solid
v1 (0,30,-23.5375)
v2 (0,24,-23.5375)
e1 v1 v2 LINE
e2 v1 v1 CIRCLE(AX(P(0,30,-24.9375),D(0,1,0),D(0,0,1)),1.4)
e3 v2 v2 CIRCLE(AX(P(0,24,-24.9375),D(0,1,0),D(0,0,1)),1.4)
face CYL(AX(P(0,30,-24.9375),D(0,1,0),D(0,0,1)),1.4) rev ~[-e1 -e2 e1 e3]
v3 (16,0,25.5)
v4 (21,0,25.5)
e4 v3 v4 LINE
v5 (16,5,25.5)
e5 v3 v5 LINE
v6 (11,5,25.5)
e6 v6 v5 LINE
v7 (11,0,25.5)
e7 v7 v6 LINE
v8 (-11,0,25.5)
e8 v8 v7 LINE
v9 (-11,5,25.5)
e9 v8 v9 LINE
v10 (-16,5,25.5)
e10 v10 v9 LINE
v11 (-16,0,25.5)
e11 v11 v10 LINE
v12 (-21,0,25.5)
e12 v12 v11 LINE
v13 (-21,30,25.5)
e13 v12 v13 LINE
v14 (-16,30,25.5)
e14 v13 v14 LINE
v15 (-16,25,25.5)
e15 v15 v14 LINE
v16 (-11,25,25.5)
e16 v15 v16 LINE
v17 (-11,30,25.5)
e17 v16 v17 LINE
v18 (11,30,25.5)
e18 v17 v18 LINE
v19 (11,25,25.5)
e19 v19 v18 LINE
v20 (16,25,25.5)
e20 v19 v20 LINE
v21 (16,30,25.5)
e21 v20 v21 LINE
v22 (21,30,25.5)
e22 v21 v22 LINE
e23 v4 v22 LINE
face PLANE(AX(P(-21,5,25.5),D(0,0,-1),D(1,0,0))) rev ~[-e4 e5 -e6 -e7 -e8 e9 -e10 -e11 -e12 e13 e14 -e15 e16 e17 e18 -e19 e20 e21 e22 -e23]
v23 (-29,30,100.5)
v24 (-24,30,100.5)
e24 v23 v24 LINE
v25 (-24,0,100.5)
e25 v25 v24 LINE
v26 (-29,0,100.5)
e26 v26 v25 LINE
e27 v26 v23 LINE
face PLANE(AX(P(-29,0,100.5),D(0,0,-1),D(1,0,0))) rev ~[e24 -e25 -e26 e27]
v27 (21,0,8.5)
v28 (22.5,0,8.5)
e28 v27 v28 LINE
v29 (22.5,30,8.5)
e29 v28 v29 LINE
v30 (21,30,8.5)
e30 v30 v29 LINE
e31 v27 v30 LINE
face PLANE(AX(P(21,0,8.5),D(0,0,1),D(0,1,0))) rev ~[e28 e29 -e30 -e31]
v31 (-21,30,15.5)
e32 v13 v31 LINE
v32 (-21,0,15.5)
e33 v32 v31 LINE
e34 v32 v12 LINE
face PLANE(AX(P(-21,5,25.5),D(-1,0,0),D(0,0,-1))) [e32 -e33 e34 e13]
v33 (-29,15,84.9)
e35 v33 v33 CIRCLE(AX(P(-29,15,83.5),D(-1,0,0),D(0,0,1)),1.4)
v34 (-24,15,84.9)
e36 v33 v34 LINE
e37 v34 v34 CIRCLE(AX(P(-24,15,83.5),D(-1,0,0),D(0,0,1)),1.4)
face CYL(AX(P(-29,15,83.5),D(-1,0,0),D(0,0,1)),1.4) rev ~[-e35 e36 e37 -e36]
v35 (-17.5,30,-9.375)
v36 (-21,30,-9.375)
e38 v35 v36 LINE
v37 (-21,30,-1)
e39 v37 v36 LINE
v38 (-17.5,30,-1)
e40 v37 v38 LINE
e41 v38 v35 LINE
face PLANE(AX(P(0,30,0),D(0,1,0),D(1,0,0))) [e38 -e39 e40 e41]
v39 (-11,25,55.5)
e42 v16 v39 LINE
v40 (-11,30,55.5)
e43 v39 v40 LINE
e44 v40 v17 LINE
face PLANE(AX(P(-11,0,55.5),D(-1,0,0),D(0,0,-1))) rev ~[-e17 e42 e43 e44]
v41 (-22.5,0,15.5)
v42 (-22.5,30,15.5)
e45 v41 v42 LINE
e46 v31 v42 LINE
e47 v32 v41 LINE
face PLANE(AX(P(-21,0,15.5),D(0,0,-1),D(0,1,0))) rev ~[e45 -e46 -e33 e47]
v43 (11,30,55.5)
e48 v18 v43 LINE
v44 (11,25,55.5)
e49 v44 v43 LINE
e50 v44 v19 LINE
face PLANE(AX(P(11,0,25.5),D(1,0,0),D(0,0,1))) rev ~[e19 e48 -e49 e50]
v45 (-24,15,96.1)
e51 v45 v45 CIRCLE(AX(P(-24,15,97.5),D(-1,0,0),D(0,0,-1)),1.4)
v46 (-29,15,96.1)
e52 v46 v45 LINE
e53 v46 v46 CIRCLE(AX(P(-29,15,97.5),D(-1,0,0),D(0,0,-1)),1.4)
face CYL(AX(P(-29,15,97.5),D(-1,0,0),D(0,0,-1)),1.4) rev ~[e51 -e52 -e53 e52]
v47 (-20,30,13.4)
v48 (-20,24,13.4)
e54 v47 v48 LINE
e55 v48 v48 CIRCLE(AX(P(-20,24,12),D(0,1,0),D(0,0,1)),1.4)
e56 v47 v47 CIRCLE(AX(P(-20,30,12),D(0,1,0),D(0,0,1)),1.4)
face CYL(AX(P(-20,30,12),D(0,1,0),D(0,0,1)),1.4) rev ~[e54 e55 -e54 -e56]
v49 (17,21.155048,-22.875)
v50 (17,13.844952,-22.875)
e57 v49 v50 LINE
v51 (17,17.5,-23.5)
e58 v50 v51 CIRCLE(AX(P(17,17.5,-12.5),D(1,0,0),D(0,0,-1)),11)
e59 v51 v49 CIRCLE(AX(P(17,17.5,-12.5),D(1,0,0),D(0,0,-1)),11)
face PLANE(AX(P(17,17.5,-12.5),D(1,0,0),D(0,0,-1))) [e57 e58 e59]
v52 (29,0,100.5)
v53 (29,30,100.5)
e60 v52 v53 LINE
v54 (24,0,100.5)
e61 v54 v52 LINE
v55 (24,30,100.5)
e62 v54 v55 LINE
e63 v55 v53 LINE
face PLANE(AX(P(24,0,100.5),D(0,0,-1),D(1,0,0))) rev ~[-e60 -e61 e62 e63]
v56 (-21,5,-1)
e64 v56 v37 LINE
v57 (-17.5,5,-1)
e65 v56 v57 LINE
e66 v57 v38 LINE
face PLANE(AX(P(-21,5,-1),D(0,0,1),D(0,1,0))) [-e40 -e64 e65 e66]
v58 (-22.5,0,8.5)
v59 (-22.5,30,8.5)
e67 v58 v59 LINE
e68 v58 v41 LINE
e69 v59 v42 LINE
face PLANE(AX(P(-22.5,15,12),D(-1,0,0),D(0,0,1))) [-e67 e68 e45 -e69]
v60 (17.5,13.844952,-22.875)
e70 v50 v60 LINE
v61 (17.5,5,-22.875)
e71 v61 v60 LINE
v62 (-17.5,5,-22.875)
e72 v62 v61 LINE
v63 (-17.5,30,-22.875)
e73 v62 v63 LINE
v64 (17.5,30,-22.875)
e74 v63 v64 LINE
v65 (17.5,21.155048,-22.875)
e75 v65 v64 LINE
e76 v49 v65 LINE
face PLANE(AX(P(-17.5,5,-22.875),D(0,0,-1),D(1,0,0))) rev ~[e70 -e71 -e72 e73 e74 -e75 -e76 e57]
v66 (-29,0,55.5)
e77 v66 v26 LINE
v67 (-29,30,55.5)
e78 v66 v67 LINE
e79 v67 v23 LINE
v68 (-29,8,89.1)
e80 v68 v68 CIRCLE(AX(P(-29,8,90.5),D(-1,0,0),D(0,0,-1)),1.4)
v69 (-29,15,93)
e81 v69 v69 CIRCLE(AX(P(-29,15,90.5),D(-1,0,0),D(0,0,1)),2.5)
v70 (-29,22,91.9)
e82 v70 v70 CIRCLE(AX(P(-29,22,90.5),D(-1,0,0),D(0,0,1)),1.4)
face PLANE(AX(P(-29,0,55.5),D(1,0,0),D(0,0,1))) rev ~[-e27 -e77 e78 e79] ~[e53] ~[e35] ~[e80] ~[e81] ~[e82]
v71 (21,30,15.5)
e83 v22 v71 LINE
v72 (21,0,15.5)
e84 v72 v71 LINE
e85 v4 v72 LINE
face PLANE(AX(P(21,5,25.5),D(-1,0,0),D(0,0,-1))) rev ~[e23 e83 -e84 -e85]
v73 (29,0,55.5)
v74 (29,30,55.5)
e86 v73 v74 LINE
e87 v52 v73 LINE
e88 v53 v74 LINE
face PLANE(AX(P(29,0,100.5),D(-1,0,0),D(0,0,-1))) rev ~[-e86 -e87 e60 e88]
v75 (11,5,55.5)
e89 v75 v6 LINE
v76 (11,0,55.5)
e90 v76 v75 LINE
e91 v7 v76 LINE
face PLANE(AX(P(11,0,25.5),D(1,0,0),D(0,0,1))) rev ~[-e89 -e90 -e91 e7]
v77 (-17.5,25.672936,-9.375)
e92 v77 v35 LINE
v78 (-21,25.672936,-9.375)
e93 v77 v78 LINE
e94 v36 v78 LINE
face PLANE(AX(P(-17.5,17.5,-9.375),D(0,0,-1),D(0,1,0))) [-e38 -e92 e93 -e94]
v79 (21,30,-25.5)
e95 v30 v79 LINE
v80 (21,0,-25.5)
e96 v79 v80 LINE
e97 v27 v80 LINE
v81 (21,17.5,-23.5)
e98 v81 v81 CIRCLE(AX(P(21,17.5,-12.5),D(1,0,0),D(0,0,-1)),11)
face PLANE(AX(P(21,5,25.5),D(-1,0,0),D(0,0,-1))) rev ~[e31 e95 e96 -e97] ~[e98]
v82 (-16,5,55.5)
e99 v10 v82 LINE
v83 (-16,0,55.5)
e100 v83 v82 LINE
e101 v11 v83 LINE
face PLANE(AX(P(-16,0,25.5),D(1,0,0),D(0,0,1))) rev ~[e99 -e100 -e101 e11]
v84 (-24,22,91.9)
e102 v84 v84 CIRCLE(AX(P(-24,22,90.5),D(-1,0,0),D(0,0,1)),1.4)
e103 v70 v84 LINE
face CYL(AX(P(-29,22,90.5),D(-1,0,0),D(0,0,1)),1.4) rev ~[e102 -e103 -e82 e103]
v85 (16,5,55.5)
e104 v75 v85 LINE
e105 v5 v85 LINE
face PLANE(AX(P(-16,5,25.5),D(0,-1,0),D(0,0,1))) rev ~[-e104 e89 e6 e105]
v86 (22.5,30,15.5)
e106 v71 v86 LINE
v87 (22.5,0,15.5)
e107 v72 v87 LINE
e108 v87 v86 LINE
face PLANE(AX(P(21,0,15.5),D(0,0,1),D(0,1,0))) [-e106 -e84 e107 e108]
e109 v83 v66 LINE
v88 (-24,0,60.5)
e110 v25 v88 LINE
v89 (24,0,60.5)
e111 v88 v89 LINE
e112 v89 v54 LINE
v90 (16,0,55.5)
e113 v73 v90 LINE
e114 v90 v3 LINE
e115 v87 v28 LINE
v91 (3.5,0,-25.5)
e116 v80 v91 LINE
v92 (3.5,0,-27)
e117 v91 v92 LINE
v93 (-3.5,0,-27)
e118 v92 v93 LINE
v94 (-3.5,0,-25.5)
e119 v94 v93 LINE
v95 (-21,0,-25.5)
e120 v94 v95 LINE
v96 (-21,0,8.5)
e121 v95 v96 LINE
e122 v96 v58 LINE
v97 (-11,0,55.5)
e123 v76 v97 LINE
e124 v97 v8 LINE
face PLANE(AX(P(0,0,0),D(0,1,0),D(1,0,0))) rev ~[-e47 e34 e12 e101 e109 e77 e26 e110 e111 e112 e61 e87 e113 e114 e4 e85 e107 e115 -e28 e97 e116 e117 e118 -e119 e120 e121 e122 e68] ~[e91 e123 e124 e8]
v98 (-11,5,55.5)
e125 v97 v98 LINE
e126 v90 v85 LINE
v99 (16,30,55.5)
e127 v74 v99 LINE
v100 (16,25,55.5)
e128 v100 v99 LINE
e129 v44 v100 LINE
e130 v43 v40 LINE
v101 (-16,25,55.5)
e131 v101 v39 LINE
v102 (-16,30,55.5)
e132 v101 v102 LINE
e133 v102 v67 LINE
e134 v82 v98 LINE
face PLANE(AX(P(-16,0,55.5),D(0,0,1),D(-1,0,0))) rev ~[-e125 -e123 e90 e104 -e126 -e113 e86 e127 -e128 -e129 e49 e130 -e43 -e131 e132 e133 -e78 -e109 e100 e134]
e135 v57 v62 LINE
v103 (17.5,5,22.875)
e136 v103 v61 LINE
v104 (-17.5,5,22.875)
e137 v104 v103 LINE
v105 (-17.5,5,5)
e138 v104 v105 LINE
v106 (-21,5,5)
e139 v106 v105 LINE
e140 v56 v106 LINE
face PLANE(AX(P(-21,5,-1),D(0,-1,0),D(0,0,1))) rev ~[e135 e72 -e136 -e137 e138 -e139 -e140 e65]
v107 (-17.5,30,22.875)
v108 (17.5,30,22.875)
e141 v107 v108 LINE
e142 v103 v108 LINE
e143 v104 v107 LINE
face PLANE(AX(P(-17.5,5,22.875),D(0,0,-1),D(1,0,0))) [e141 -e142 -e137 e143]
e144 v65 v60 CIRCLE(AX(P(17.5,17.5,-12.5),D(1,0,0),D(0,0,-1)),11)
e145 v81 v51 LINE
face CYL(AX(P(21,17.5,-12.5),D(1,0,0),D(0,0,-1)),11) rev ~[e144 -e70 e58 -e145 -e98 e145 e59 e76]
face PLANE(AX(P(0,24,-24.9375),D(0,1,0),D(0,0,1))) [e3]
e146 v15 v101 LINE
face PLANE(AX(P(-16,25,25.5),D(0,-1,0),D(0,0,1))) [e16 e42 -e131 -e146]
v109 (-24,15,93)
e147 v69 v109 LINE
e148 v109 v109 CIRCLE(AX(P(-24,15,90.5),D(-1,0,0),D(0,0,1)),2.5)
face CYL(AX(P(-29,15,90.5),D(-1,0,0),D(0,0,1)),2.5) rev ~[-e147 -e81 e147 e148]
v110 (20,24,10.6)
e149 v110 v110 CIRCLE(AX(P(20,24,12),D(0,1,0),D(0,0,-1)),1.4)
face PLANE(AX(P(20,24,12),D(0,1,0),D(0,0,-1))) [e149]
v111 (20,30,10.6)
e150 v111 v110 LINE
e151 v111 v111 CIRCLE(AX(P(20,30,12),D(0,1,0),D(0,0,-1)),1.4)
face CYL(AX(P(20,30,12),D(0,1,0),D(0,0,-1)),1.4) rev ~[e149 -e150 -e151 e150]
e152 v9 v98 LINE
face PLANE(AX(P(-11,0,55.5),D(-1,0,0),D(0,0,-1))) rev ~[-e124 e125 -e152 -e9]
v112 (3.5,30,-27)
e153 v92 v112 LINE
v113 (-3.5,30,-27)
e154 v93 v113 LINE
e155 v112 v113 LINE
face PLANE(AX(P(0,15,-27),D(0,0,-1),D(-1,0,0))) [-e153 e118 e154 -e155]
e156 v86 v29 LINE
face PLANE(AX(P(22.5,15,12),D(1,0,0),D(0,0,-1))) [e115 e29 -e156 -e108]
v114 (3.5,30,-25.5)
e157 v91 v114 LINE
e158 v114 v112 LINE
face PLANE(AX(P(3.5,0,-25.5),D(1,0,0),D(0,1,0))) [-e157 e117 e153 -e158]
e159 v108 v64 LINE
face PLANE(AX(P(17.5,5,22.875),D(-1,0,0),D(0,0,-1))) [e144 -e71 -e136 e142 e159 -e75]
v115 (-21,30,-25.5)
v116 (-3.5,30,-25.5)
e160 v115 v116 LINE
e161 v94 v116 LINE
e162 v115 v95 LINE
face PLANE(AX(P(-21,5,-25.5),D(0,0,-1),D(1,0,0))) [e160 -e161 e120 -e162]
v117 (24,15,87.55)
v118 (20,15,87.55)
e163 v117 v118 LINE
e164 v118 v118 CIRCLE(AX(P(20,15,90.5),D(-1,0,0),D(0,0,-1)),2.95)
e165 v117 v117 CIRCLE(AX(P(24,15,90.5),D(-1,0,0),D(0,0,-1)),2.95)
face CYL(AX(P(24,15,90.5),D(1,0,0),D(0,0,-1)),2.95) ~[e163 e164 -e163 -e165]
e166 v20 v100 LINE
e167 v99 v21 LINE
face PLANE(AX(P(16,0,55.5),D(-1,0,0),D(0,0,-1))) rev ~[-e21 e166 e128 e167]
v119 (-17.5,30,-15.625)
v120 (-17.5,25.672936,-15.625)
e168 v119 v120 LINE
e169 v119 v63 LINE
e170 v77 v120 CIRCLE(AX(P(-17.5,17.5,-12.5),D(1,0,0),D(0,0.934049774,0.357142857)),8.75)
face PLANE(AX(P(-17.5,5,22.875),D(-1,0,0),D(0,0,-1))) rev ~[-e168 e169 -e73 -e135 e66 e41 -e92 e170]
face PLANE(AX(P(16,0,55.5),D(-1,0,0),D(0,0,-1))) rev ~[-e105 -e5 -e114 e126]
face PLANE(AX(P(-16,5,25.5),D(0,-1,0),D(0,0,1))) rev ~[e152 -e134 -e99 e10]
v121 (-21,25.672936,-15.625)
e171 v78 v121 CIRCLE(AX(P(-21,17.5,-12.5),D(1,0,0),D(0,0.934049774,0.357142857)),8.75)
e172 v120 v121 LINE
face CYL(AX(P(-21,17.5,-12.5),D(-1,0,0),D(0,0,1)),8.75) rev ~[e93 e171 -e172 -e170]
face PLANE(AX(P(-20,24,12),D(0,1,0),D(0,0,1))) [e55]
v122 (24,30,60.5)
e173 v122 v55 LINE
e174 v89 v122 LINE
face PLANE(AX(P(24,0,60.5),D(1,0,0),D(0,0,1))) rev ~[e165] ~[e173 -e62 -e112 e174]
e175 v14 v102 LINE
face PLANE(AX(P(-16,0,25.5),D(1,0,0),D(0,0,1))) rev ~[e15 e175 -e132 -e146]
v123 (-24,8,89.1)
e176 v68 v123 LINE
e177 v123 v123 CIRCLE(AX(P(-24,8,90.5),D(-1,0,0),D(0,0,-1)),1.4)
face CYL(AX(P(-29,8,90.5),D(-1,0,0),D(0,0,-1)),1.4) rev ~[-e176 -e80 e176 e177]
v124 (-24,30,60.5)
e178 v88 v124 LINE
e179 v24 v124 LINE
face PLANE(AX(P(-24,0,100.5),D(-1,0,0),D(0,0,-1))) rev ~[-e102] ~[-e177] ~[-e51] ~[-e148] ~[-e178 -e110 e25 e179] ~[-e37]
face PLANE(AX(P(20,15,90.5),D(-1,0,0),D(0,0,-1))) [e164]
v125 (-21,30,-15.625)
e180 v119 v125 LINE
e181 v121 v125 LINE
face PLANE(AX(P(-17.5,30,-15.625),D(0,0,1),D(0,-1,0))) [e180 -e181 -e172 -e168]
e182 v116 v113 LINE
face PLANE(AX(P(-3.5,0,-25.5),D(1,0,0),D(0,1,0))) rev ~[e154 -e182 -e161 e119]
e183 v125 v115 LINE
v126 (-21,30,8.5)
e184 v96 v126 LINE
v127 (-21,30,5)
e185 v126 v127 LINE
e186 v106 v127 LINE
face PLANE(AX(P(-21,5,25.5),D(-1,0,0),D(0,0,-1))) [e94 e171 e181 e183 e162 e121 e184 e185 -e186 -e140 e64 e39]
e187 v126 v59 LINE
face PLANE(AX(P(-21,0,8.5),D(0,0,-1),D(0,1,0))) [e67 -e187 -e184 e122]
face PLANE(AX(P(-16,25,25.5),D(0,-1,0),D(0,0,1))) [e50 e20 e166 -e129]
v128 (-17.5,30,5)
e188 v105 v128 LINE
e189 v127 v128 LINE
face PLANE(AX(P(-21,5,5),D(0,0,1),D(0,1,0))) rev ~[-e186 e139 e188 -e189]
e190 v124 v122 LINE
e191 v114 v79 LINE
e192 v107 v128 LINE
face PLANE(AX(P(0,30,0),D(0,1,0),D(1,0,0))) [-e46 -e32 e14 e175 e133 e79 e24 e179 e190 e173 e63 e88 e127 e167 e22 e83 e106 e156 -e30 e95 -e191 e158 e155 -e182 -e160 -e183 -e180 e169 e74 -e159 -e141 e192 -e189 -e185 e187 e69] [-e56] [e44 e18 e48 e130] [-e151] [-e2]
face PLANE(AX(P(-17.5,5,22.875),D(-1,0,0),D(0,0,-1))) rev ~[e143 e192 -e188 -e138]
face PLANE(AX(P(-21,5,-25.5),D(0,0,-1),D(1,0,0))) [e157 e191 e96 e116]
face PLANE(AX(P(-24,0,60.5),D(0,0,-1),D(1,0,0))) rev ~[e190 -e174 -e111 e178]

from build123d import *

# Parameters (mm, degrees)
BOSS_EXTRUDE1_DEPTH = 5
SKETCH3_W           = 42
SKETCH3_H           = 51
SKETCH3_W_2         = 35
SKETCH3_H_2         = 45.75
BOSS_EXTRUDE3_DEPTH = 25
SKETCH4_R           = 8.75
CUT_EXTRUDE2_DEPTH  = 5
CUT_EXTRUDE3_DEPTH  = 4
SKETCH7_W           = 6
SKETCH7_H           = 25
CUT_EXTRUDE4_DEPTH  = 4
SKETCH9_R           = 11
CUT_EXTRUDE5_DEPTH  = 4
SKETCH16_W          = 7
SKETCH16_H          = 30
BOSS_EXTRUDE5_DEPTH = 1.5
SKETCH17_W          = 7
SKETCH17_H          = 30
BOSS_EXTRUDE6_DEPTH = 1.5
SKETCH19_W          = 7
SKETCH19_H          = 30
BOSS_EXTRUDE7_DEPTH = 1.5
SKETCH18_R          = 1.4
CUT_EXTRUDE7_DEPTH  = 6
SKETCH1_3_W         = 5
SKETCH1_3_H         = 30
SKETCH1_3_H_2       = 40
BOSS_EXTRUDE8_DEPTH = 30
SKETCH21_R          = 2.95
BOSS_EXTRUDE9_DEPTH = 4
SKETCH24_W          = 30
SKETCH24_H          = 20
CUT_EXTRUDE8_DEPTH  = 32
SKETCH25_R          = 2.5
SKETCH25_R_2        = 1.4
CUT_EXTRUDE9_DEPTH  = 5


with BuildPart() as part:
    # Sketch1 → Boss-Extrude1 (new body)
    with BuildSketch(Plane(origin=(0, 0, 0), x_dir=(1, 0, 0), z_dir=(0, 1, 0))):
        Polygon((21, 25.5), (-21, 25.5), (-21, -25.5), (-16, -25.5), (-11, -25.5), (11, -25.5), (16, -25.5), (21, -25.5), align=None)
    extrude(amount=BOSS_EXTRUDE1_DEPTH)

    # Sketch3 → Boss-Extrude3 (add)
    with BuildSketch(Plane(origin=(0, 5, 0), x_dir=(1, 0, 0), z_dir=(0, 1, 0))):
        Rectangle(SKETCH3_W, SKETCH3_H)
        Rectangle(SKETCH3_W_2, SKETCH3_H_2, mode=Mode.SUBTRACT)
    extrude(amount=BOSS_EXTRUDE3_DEPTH)

    # Sketch4 → Cut-Extrude2 (cut)
    with BuildSketch(Plane.ZY.offset(21)):
        with Locations((-12.5, 17.5)):
            Circle(SKETCH4_R)
    extrude(amount=-CUT_EXTRUDE2_DEPTH, mode=Mode.SUBTRACT)

    # Sketch6 → Cut-Extrude3 (cut)
    with BuildSketch(Plane(origin=(-17.5, 0, 0), x_dir=(0, 0, -1), z_dir=(1, 0, 0))):
        with BuildLine():
            Line((9.375, 17.5), (9.375, 30))
            Line((9.375, 30), (15.625, 30))
            Line((15.625, 30), (15.625, 17.5))
            ThreePointArc((15.625, 17.5), (12.5, 14.375), (9.375, 17.5))
        make_face()
    extrude(amount=-CUT_EXTRUDE3_DEPTH, mode=Mode.SUBTRACT)

    # Sketch7 → Cut-Extrude4 (cut)
    with BuildSketch(Plane.ZY.offset(21)):
        with Locations((2, 17.5)):
            Rectangle(SKETCH7_W, SKETCH7_H)
    extrude(amount=-CUT_EXTRUDE4_DEPTH, mode=Mode.SUBTRACT)

    # Sketch9 → Cut-Extrude5 (cut)
    with BuildSketch(Plane(origin=(21, 0, 0), x_dir=(0, 0, -1), z_dir=(1, 0, 0))):
        with Locations((12.5, 17.5)):
            Circle(SKETCH9_R)
    extrude(amount=-CUT_EXTRUDE5_DEPTH, mode=Mode.SUBTRACT)

    # Sketch16 → Boss-Extrude5 (add)
    with BuildSketch(Plane.ZY.offset(21)):
        with Locations((12, 15)):
            Rectangle(SKETCH16_W, SKETCH16_H)
    extrude(amount=BOSS_EXTRUDE5_DEPTH)

    # Sketch17 → Boss-Extrude6 (add)
    with BuildSketch(Plane(origin=(21, 0, 0), x_dir=(0, 0, -1), z_dir=(1, 0, 0))):
        with Locations((-12, 15)):
            Rectangle(SKETCH17_W, SKETCH17_H)
    extrude(amount=BOSS_EXTRUDE6_DEPTH)

    # Sketch19 → Boss-Extrude7 (add)
    with BuildSketch(Plane(origin=(0, 0, -25.5), x_dir=(-1, 0, 0), z_dir=(0, 0, -1))):
        with Locations((0, 15)):
            Rectangle(SKETCH19_W, SKETCH19_H)
    extrude(amount=BOSS_EXTRUDE7_DEPTH)

    # Sketch18 → Cut-Extrude7 (cut)
    with BuildSketch(Plane(origin=(0, 30, 0), x_dir=(1, 0, 0), z_dir=(0, 1, 0))):
        with Locations((-20, -12)):
            Circle(SKETCH18_R)
        with Locations((20, -12)):
            Circle(SKETCH18_R)
        with Locations((0, 24.9375)):
            Circle(SKETCH18_R)
    extrude(amount=-CUT_EXTRUDE7_DEPTH, mode=Mode.SUBTRACT)

    # Sketch1<3> → Boss-Extrude8 (add)
    with BuildSketch(Plane(origin=(0, 0, 0), x_dir=(1, 0, 0), z_dir=(0, 1, 0))):
        with Locations((-13.5, -40.5)):
            Rectangle(SKETCH1_3_W, SKETCH1_3_H)
        with Locations((13.5, -40.5)):
            Rectangle(SKETCH1_3_W, SKETCH1_3_H)
        Polygon((-11, -55.5), (-16, -55.5), (-29, -55.5), (-29, -60.5), (-24, -60.5), (24, -60.5), (29, -60.5), (29, -55.5), (16, -55.5), (11, -55.5), align=None)
        with Locations((26.5, -80.5)):
            Rectangle(SKETCH1_3_W, SKETCH1_3_H_2)
        with Locations((-26.5, -80.5)):
            Rectangle(SKETCH1_3_W, SKETCH1_3_H_2)
    extrude(amount=BOSS_EXTRUDE8_DEPTH)

    # Sketch21 → Boss-Extrude9 (add)
    with BuildSketch(Plane.ZY.offset(-24)):
        with Locations((90.5, 15)):
            Circle(SKETCH21_R)
    extrude(amount=BOSS_EXTRUDE9_DEPTH)

    # Sketch24 → Cut-Extrude8 (cut)
    with BuildSketch(Plane.ZY.offset(16)):
        with Locations((40.5, 15)):
            Rectangle(SKETCH24_W, SKETCH24_H)
    extrude(amount=-CUT_EXTRUDE8_DEPTH, mode=Mode.SUBTRACT)

    # Sketch25 → Cut-Extrude9 (cut)
    with BuildSketch(Plane.ZY.offset(29)):
        with Locations((90.5, 15)):
            Circle(SKETCH25_R)
        with Locations((90.5, 22)):
            Circle(SKETCH25_R_2)
        with Locations((83.5, 15)):
            Circle(SKETCH25_R_2)
        with Locations((90.5, 8)):
            Circle(SKETCH25_R_2)
        with Locations((97.5, 15)):
            Circle(SKETCH25_R_2)
    extrude(amount=-CUT_EXTRUDE9_DEPTH, mode=Mode.SUBTRACT)


solid = part.part
